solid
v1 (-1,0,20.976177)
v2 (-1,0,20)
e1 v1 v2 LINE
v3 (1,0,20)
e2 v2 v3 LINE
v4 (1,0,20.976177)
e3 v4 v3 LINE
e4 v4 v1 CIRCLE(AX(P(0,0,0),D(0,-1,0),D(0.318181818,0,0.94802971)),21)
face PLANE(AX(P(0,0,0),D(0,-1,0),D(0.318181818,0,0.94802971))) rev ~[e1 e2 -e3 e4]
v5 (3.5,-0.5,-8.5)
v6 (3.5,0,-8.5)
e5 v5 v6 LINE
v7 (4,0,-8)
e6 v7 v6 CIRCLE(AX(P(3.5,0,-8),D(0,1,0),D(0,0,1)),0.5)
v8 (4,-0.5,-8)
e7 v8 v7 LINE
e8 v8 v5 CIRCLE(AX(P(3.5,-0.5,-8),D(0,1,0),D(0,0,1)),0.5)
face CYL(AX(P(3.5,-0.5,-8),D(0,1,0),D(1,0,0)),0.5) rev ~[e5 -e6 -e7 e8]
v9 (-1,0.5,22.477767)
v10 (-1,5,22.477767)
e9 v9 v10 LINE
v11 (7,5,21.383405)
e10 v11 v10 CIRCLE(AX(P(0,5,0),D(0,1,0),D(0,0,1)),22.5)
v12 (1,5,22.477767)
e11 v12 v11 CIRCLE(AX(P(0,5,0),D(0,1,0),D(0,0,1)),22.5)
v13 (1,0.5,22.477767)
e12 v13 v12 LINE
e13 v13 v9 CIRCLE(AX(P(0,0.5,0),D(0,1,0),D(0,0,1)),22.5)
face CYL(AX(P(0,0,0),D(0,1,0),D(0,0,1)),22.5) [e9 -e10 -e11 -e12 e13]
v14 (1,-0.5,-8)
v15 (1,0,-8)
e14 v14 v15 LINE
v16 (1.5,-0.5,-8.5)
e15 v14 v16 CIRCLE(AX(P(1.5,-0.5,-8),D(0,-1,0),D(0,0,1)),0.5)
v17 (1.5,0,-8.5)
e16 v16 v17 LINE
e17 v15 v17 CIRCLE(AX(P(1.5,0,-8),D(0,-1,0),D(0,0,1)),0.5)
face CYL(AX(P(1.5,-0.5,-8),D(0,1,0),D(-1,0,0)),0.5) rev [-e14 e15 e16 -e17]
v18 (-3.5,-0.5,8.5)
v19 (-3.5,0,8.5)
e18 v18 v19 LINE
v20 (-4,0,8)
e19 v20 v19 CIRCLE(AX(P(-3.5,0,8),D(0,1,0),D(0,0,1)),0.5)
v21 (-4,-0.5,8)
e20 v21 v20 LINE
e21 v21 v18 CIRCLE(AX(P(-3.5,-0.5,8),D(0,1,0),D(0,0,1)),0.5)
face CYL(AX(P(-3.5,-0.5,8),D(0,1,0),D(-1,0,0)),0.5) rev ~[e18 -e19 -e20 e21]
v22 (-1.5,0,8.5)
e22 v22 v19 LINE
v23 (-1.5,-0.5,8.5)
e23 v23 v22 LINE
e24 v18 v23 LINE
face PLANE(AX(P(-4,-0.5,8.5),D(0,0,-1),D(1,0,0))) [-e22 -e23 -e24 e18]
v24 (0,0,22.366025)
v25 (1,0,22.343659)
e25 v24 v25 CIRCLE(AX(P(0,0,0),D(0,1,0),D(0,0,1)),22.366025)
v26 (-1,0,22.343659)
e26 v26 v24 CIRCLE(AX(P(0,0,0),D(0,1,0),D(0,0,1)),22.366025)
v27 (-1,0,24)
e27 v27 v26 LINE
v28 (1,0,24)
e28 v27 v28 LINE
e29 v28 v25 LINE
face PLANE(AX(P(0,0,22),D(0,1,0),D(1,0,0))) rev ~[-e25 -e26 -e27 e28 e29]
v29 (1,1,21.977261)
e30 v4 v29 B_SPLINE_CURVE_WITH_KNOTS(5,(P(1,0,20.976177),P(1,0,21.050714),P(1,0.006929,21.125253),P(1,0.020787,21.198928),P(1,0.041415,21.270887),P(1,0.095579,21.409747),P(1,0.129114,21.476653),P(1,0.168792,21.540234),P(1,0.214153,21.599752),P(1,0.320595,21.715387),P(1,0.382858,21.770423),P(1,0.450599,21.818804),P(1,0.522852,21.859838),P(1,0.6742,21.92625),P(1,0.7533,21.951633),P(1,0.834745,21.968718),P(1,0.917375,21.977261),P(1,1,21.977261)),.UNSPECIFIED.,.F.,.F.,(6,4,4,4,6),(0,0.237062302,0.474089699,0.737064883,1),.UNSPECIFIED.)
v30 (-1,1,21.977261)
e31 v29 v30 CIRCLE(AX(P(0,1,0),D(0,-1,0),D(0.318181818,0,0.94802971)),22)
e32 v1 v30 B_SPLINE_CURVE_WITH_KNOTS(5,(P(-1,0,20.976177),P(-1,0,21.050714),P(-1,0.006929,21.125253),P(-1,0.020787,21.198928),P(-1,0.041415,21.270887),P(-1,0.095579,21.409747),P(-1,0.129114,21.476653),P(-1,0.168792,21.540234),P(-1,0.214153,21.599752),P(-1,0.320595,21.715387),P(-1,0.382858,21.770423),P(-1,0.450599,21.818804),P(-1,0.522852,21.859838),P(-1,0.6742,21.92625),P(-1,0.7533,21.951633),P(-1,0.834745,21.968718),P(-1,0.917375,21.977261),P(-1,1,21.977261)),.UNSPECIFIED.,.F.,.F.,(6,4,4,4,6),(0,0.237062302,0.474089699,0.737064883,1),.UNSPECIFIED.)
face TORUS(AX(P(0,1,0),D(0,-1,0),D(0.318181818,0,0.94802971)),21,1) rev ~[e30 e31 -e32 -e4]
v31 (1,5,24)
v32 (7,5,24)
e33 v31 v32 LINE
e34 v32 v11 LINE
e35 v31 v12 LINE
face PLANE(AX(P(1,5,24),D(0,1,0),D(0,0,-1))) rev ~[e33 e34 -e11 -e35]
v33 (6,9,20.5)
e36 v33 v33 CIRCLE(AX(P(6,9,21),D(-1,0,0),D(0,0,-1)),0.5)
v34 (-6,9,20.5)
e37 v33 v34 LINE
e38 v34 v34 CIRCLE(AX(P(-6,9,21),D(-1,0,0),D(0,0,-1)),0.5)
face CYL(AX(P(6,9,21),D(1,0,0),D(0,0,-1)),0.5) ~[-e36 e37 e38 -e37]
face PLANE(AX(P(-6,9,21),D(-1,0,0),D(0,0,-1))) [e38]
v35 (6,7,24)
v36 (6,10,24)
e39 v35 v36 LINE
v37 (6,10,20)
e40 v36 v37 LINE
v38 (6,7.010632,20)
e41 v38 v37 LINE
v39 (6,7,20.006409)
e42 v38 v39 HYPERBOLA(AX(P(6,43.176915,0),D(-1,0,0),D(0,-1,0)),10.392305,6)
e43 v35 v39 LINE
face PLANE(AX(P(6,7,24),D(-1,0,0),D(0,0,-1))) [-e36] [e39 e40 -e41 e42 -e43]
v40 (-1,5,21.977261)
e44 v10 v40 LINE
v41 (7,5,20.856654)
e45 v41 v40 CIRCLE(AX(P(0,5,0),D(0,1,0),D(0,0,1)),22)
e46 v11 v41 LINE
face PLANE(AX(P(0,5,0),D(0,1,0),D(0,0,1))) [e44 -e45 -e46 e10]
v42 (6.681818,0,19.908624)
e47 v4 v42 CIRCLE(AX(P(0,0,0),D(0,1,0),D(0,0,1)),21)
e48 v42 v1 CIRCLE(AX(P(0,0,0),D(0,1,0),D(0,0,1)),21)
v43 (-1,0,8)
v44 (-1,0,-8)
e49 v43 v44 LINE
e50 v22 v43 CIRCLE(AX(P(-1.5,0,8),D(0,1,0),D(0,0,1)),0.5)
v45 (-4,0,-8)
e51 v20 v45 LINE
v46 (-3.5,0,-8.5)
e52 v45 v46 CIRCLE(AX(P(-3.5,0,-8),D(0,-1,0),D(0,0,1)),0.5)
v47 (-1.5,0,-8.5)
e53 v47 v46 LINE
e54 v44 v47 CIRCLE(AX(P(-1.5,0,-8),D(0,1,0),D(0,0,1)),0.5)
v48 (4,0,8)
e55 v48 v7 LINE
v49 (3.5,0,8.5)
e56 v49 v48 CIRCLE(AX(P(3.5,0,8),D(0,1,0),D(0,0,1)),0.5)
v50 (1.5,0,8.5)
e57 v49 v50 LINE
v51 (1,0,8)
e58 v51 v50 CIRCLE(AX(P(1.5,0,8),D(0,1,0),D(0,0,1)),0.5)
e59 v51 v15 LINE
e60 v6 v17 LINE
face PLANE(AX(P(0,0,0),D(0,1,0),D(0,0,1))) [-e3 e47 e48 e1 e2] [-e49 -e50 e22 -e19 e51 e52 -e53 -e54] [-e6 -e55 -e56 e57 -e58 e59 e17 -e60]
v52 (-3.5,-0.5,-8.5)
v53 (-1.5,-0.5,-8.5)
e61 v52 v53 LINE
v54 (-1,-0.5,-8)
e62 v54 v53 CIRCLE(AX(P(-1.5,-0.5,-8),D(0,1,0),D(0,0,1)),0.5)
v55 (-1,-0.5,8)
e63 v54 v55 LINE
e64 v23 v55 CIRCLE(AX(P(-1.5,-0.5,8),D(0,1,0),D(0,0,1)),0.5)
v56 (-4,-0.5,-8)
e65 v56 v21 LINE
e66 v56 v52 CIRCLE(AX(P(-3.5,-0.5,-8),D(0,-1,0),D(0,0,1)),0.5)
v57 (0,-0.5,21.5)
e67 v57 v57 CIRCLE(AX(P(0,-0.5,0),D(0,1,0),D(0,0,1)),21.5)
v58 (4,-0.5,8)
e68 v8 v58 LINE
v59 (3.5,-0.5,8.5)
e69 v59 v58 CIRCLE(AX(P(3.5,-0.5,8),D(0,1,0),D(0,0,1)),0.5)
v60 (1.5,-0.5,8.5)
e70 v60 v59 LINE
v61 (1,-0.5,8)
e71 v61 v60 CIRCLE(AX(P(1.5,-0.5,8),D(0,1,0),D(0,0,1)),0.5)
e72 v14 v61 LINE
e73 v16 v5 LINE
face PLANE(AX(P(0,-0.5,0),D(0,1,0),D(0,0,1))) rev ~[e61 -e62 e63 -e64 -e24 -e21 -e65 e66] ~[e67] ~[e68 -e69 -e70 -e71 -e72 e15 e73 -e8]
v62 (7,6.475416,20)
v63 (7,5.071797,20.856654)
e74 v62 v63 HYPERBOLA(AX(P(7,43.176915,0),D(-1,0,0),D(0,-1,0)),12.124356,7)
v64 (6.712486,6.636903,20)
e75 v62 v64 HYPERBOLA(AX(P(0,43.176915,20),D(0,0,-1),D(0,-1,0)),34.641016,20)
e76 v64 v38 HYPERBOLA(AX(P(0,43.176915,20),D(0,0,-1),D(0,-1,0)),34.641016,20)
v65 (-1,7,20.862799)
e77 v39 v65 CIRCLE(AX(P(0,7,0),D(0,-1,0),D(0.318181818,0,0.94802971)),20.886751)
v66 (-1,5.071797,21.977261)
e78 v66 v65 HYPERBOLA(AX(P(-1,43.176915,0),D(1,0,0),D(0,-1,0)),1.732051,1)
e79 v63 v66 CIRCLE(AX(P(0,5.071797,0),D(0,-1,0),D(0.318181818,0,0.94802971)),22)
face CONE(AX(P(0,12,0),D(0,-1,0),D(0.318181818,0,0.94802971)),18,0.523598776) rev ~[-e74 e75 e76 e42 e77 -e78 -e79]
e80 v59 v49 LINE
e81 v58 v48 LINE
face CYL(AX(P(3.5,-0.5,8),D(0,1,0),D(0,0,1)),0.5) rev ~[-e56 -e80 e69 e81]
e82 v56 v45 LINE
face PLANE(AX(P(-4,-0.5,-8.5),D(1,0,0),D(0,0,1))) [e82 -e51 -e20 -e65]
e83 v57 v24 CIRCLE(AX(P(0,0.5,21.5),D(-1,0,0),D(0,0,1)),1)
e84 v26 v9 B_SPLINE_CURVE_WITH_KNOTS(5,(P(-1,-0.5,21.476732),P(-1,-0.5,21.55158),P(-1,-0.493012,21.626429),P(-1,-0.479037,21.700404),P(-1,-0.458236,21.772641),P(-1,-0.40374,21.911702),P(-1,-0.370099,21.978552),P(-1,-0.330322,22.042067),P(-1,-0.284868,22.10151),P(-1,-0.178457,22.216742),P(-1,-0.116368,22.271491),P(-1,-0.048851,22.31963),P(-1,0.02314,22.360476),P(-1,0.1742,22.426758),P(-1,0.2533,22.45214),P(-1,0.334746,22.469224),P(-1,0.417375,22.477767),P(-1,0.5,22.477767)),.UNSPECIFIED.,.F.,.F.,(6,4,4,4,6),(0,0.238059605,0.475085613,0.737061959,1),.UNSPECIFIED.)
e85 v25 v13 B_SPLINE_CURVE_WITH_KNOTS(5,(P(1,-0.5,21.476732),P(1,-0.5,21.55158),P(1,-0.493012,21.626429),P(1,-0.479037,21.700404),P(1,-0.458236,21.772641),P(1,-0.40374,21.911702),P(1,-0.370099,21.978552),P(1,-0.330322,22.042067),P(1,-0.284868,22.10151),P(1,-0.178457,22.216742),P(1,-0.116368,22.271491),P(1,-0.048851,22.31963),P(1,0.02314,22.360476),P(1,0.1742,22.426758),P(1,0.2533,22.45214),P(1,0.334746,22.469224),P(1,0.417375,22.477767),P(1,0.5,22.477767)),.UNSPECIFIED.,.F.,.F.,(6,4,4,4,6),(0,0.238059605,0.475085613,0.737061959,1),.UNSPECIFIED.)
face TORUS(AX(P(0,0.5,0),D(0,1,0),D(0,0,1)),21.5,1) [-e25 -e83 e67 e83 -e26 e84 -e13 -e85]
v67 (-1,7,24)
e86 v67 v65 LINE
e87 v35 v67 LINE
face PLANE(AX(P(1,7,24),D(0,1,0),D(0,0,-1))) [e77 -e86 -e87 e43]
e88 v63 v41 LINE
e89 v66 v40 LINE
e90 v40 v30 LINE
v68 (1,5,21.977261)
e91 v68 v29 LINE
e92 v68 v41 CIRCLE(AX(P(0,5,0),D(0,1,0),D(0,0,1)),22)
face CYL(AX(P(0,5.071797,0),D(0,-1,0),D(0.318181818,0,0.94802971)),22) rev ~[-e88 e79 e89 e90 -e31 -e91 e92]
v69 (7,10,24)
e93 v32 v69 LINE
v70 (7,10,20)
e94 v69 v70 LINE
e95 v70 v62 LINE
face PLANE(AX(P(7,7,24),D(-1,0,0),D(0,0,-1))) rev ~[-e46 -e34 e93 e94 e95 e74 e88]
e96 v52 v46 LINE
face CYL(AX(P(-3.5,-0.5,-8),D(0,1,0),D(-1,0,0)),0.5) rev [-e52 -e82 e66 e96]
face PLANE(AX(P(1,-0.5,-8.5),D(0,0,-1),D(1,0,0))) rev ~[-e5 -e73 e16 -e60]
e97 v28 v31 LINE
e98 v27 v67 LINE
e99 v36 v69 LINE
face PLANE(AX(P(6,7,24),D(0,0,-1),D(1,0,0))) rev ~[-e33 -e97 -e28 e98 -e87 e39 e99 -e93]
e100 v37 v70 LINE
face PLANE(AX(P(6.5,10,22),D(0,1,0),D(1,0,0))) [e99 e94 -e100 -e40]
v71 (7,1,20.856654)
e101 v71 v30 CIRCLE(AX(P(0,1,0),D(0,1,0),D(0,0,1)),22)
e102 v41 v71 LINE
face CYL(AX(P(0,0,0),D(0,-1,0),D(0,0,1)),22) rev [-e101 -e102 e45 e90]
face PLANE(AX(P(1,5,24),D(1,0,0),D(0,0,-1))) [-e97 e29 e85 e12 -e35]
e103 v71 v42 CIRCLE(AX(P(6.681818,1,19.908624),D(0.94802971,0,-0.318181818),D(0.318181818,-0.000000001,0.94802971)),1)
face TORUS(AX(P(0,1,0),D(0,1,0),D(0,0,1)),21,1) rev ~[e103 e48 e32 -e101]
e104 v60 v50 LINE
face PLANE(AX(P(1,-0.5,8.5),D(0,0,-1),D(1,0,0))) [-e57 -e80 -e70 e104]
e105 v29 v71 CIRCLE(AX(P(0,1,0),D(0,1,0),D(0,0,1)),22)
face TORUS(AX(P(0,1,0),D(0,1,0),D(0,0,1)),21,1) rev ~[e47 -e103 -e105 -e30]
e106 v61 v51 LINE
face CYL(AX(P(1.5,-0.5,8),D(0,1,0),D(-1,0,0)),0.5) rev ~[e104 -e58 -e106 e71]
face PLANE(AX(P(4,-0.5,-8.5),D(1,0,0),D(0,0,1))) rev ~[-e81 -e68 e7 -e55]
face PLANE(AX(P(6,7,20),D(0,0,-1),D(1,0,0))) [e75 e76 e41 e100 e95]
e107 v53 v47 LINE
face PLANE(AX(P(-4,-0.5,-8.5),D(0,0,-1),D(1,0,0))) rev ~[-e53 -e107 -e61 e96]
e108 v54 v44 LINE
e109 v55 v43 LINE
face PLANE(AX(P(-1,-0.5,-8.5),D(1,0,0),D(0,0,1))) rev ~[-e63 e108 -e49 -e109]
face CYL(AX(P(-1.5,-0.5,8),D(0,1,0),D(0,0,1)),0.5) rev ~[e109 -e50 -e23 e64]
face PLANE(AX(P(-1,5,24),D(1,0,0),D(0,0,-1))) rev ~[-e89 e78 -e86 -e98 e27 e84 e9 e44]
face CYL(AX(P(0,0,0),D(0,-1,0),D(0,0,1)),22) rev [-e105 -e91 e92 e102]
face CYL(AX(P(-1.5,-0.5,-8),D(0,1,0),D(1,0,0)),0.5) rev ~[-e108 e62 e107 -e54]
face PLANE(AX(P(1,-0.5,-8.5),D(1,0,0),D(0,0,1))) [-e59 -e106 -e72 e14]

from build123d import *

# Parameters (mm, degrees)
SKETCH1_R                = 22.5
SKETCH1_R_2              = 22
BOSS_EXTRUDE1_DEPTH      = 5
SKETCH3_R                = 22.5
BOSS_EXTRUDE2_DEPTH      = 0.5
SKETCH6_W                = 3
SKETCH6_H                = 17
CUT_EXTRUDE1_DEPTH       = 10
CUT_EXTRUDE1_DEPTH_BACK  = 10
FILLET1_R                = 0.5
FILLET3_R                = 1
SKETCH7_W                = 2
SKETCH7_H                = 4
BOSS_EXTRUDE3_DEPTH      = 2
BOSS_EXTRUDE3_DEPTH_BACK = 5
SKETCH8_W                = 4
SKETCH8_H                = 2
BOSS_EXTRUDE4_DEPTH      = 6
SKETCH9_W                = 1
SKETCH9_H                = 4
BOSS_EXTRUDE5_DEPTH      = 3
SKETCH10_R               = 0.5
BOSS_EXTRUDE6_DEPTH      = 12


with BuildPart() as part:
    # Sketch1 → Boss-Extrude1 (new body)
    with BuildSketch(Plane(origin=(0, 0, 0), x_dir=(1, 0, 0), z_dir=(0, 1, 0))):
        with Locations(Location((0, 0, 0), (0, 0, 270))):
            Circle(SKETCH1_R)
        with Locations(Location((0, 0, 0), (0, 0, 270))):
            Circle(SKETCH1_R_2, mode=Mode.SUBTRACT)
    extrude(amount=BOSS_EXTRUDE1_DEPTH)

    # Sketch3 → Boss-Extrude2 (add)
    with BuildSketch(Plane(origin=(0, 0, 0), x_dir=(1, 0, 0), z_dir=(0, 1, 0))):
        with Locations(Location((0, 0, 0), (0, 0, 270))):
            Circle(SKETCH3_R)
    extrude(amount=-BOSS_EXTRUDE2_DEPTH)

    # Sketch6 → Cut-Extrude1 (cut, two sides)
    with BuildSketch(Plane.XZ.offset(0.5)) as cut_extrude1_sk:
        with Locations((2.5, 0)):
            Rectangle(SKETCH6_W, SKETCH6_H)
        with Locations((-2.5, 0)):
            Rectangle(SKETCH6_W, SKETCH6_H)
    extrude(amount=CUT_EXTRUDE1_DEPTH, mode=Mode.SUBTRACT)
    extrude(cut_extrude1_sk.sketch, amount=-CUT_EXTRUDE1_DEPTH_BACK, mode=Mode.SUBTRACT)

    # Fillet1
    fillet1_edges = [part.edges().sort_by_distance(p)[0] for p in [
        (-4, -0.25, 8.5),
        (-4, -0.25, -8.5),
        (-1, -0.25, -8.5),
        (-1, -0.25, 8.5),
        (1, -0.25, 8.5),
        (1, -0.25, -8.5),
        (4, -0.25, -8.5),
        (4, -0.25, 8.5),
    ]]
    fillet(fillet1_edges, radius=FILLET1_R)

    # Fillet3
    fillet3_edges = [part.edges().sort_by_distance(p)[0] for p in [
        (0, 0, -22),
        (0, -0.5, -22.5),
    ]]
    fillet(fillet3_edges, radius=FILLET3_R)

    # Sketch7 → Boss-Extrude3 (add, two sides)
    with BuildSketch(Plane(origin=(0, 5, 0), x_dir=(1, 0, 0), z_dir=(0, 1, 0))) as boss_extrude3_sk:
        with Locations((0, -22)):
            Rectangle(SKETCH7_W, SKETCH7_H)
    extrude(amount=BOSS_EXTRUDE3_DEPTH)
    extrude(boss_extrude3_sk.sketch, amount=-BOSS_EXTRUDE3_DEPTH_BACK)

    # Sketch8 → Boss-Extrude4 (add)
    with BuildSketch(Plane(origin=(1, 0, 0), x_dir=(0, 0, -1), z_dir=(1, 0, 0))):
        with Locations((-22, 6)):
            Rectangle(SKETCH8_W, SKETCH8_H)
    extrude(amount=BOSS_EXTRUDE4_DEPTH)

    # Sketch9 → Boss-Extrude5 (add)
    with BuildSketch(Plane(origin=(0, 7, 0), x_dir=(1, 0, 0), z_dir=(0, 1, 0))):
        with Locations((6.5, -22)):
            Rectangle(SKETCH9_W, SKETCH9_H)
    extrude(amount=BOSS_EXTRUDE5_DEPTH)

    # Sketch10 → Boss-Extrude6 (add)
    with BuildSketch(Plane.ZY.offset(-6)):
        with Locations(Location((21, 9, 0), (0, 0, 180))):
            Circle(SKETCH10_R)
    extrude(amount=BOSS_EXTRUDE6_DEPTH)

    # Sketch12 → Cut-Revolve1 (revolve, cut)
    with BuildSketch(Plane(origin=(0, 0, 0), x_dir=(0, 0, -1), z_dir=(1, 0, 0)), mode=Mode.PRIVATE) as cut_revolve1_sk:
        with BuildLine():
            Line((-18, 12), (-22, 5.07179677))
            Line((-22, 5.07179677), (-22, 1))
            ThreePointArc((-22, 1), (-21.707106781, 0.292893219), (-21, 0))
            Line((-21, 0), (0, 0))
            Line((0, 0), (0, 12))
            Line((0, 12), (-18, 12))
        make_face()
    revolve(cut_revolve1_sk.sketch.rotate(Axis((0, 12.625, 0), (0, -1, 0)), 341.446995465), axis=Axis((0, 12.625, 0), (0, -1, 0)), mode=Mode.SUBTRACT)


solid = part.part
